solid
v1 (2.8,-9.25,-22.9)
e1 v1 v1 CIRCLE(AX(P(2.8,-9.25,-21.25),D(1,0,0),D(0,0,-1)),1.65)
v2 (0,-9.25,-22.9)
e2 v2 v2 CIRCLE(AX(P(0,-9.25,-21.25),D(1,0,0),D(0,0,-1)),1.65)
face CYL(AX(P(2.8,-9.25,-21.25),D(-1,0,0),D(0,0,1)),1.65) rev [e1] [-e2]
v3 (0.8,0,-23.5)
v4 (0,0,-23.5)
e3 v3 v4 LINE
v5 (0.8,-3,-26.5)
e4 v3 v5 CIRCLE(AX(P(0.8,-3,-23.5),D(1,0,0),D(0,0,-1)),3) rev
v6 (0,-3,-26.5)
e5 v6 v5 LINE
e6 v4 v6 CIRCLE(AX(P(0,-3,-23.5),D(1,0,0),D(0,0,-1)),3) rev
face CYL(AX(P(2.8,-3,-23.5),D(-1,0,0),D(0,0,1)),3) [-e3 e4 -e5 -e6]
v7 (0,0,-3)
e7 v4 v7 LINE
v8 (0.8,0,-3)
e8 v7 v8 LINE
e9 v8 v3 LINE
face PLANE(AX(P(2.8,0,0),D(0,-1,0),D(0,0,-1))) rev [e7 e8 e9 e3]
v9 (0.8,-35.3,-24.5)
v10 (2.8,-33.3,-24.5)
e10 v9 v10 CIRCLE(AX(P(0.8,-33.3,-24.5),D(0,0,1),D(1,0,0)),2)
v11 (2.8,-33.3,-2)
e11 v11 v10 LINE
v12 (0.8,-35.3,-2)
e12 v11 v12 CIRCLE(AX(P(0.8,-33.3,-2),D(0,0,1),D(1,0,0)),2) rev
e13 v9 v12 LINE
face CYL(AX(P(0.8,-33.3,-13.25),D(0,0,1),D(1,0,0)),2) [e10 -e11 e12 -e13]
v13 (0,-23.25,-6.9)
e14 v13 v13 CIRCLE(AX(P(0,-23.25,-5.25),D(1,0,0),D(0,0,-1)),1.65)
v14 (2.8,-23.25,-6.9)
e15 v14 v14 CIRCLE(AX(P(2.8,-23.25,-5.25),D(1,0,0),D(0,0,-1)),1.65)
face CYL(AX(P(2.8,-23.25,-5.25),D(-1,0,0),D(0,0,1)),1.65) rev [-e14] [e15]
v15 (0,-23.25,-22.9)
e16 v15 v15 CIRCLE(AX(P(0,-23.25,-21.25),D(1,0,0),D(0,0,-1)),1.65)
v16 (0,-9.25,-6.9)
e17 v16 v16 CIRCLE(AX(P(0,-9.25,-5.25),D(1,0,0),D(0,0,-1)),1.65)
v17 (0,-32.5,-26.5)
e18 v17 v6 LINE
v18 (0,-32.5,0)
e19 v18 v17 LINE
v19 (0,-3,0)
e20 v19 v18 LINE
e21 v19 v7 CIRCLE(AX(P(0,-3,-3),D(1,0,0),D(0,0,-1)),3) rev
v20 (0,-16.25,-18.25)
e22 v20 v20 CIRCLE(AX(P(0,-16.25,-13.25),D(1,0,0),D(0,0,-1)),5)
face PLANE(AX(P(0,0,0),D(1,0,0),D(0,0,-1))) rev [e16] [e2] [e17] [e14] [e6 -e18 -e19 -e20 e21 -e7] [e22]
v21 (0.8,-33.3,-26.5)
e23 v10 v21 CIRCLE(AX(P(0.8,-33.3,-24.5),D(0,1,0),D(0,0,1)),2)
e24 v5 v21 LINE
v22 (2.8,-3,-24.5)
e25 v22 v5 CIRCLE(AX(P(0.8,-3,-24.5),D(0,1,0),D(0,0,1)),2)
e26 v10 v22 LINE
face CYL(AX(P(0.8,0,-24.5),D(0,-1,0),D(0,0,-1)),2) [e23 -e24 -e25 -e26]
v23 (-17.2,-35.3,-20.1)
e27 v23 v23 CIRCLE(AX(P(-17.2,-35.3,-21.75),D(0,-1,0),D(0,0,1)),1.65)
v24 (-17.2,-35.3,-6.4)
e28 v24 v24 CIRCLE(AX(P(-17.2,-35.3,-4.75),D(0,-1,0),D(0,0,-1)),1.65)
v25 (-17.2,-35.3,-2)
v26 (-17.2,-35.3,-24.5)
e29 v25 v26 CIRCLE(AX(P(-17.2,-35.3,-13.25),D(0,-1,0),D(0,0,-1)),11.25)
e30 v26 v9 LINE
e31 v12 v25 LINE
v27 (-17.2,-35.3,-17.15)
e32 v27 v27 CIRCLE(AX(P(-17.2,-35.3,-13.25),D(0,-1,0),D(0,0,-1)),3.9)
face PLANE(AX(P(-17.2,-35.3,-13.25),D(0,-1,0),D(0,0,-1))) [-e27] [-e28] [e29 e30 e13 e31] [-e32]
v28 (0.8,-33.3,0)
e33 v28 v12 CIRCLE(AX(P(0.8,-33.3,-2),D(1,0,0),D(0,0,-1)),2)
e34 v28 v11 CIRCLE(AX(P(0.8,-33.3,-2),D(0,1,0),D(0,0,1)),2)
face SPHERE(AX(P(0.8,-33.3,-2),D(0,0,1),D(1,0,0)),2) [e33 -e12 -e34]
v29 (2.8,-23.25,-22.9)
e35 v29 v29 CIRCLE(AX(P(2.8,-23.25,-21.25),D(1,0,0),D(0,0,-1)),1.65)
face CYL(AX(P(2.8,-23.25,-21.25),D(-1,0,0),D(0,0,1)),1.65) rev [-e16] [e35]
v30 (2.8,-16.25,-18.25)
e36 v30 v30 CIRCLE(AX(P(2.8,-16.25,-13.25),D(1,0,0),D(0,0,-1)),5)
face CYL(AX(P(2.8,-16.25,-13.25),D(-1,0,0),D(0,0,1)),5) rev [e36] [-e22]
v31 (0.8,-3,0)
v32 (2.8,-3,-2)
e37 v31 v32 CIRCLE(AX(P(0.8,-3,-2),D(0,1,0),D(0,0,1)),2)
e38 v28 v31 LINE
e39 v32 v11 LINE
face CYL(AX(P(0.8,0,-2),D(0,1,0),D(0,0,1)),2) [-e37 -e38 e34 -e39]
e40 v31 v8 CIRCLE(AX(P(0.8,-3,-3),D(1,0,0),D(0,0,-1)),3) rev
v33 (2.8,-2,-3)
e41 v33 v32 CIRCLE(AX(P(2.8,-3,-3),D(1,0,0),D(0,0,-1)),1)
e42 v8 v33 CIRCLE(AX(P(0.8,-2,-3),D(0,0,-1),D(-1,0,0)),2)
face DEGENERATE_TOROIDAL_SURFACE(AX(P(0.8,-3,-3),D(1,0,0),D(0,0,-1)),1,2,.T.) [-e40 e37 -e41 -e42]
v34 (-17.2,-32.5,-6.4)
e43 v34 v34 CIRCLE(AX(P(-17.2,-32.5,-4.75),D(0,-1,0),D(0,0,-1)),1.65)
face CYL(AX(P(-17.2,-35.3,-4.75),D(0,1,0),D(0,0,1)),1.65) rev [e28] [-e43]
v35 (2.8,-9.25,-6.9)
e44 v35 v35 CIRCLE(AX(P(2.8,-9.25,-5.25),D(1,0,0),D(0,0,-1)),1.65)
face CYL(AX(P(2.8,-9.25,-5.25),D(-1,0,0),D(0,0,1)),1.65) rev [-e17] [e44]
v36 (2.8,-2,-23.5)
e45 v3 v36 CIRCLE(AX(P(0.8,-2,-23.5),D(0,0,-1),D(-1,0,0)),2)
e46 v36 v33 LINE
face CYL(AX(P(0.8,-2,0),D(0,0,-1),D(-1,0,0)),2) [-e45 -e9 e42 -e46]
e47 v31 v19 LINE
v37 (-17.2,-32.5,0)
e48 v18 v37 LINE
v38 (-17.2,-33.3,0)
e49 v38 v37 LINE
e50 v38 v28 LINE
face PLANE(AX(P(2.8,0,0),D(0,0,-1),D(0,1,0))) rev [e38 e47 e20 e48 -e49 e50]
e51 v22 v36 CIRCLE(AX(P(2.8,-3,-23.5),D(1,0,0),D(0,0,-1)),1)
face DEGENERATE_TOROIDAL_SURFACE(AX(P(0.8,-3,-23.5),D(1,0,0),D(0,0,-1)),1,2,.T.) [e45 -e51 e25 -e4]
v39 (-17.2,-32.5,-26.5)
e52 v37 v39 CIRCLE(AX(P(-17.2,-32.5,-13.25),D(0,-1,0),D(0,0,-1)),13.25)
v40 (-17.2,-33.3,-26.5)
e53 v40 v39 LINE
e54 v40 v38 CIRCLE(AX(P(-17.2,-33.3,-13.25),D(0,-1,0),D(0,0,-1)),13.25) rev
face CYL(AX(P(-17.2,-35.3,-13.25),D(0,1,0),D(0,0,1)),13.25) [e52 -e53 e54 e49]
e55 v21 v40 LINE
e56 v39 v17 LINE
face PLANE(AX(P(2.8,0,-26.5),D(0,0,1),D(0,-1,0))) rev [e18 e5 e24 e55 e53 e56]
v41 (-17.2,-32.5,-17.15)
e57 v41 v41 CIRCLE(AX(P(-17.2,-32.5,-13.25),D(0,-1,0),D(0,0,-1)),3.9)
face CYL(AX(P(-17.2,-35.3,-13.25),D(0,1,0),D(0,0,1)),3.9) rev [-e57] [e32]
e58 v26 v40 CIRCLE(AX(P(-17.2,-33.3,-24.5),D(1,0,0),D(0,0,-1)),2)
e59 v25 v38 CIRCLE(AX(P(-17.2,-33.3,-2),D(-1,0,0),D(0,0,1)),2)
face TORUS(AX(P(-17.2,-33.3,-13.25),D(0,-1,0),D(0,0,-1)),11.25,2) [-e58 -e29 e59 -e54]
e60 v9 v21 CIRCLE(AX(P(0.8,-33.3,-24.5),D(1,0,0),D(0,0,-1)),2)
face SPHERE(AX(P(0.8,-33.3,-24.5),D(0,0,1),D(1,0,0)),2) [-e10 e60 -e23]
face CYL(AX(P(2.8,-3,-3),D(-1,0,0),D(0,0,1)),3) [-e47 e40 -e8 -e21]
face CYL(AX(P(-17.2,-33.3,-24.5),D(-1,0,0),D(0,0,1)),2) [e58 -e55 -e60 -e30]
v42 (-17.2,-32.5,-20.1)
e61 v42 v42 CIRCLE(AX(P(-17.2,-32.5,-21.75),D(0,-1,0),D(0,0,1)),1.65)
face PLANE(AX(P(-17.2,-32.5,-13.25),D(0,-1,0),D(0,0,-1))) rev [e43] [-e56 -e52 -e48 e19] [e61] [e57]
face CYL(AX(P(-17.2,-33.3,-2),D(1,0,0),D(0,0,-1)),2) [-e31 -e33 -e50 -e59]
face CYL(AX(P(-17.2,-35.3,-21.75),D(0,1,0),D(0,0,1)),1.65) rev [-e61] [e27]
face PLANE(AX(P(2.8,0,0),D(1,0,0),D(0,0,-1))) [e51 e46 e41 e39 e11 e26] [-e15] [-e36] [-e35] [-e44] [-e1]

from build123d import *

# Parameters (mm, degrees)
SKETCH_1_W      = 26.5
SKETCH_1_H      = 32.5
SKETCH_1_R      = 5
SKETCH_1_R_2    = 1.65
EXTRUDE_1_DEPTH = 2.8
SKETCH_3_R      = 3.9
SKETCH_3_R_2    = 1.65
EXTRUDE_2_DEPTH = 2.8
FILLET_2_R      = 3
FILLET_3_R      = 3
FILLET_4_R      = 2
FILLET_5_R      = 2


with BuildPart() as part:
    # 草图1 → 凸台-拉伸1 (new body)
    with BuildSketch(Plane(origin=(0, 0, 0), x_dir=(0, 0, -1), z_dir=(1, 0, 0))):
        with Locations((13.25, -16.25)):
            Rectangle(SKETCH_1_W, SKETCH_1_H)
        with Locations((13.25, -16.25)):
            Circle(SKETCH_1_R, mode=Mode.SUBTRACT)
        with Locations((5.25, -9.25)):
            Circle(SKETCH_1_R_2, mode=Mode.SUBTRACT)
        with Locations((21.25, -9.25)):
            Circle(SKETCH_1_R_2, mode=Mode.SUBTRACT)
        with Locations((5.25, -23.25)):
            Circle(SKETCH_1_R_2, mode=Mode.SUBTRACT)
        with Locations((21.25, -23.25)):
            Circle(SKETCH_1_R_2, mode=Mode.SUBTRACT)
    extrude(amount=EXTRUDE_1_DEPTH)

    # 草图3 → 凸台-拉伸2 (add)
    with BuildSketch(Plane.XZ.offset(32.5)):
        with BuildLine():
            Line((2.8, 0), (-17.2, 0))
            ThreePointArc((-17.2, 0), (-30.45, -13.25), (-17.2, -26.5))
            Line((-17.2, -26.5), (2.8, -26.5))
            Line((2.8, -26.5), (2.8, 0))
        make_face()
        with Locations(Location((-17.2, -13.25, 0), (0, 0, 270))):
            Circle(SKETCH_3_R, mode=Mode.SUBTRACT)
        with Locations(Location((-17.2, -4.75, 0), (0, 0, 270))):
            Circle(SKETCH_3_R_2, mode=Mode.SUBTRACT)
        with Locations(Location((-17.2, -21.75, 0), (0, 0, 90))):
            Circle(SKETCH_3_R_2, mode=Mode.SUBTRACT)
    extrude(amount=EXTRUDE_2_DEPTH)

    # 圆角2
    fillet_2_edges = [part.edges().sort_by_distance(p)[0] for p in [
        (1.4, 0, -26.5),
    ]]
    fillet(fillet_2_edges, radius=FILLET_2_R)

    # 圆角3
    fillet_3_edges = [part.edges().sort_by_distance(p)[0] for p in [
        (1.4, 0, 0),
    ]]
    fillet(fillet_3_edges, radius=FILLET_3_R)

    # 圆角4
    fillet_4_edges = [part.edges().sort_by_distance(p)[0] for p in [
        (2.8, -35.3, -13.25),
    ]]
    fillet(fillet_4_edges, radius=FILLET_4_R)

    # 圆角5
    fillet_5_edges = [part.edges().sort_by_distance(p)[0] for p in [
        (-30.45, -35.3, -13.25),
        (-8.2, -35.3, -26.5),
        (2.8, 0, -13.25),
        (2.8, -0.878679656, -25.621320344),
        (2.8, -18.15, 0),
        (2.8, -0.878679656, -0.878679656),
        (-8.2, -35.3, 0),
        (2.214213562, -34.714213562, 0),
        (2.8, -18.15, -26.5),
        (2.214213562, -34.714213562, -26.5),
    ]]
    fillet(fillet_5_edges, radius=FILLET_5_R)


solid = part.part
